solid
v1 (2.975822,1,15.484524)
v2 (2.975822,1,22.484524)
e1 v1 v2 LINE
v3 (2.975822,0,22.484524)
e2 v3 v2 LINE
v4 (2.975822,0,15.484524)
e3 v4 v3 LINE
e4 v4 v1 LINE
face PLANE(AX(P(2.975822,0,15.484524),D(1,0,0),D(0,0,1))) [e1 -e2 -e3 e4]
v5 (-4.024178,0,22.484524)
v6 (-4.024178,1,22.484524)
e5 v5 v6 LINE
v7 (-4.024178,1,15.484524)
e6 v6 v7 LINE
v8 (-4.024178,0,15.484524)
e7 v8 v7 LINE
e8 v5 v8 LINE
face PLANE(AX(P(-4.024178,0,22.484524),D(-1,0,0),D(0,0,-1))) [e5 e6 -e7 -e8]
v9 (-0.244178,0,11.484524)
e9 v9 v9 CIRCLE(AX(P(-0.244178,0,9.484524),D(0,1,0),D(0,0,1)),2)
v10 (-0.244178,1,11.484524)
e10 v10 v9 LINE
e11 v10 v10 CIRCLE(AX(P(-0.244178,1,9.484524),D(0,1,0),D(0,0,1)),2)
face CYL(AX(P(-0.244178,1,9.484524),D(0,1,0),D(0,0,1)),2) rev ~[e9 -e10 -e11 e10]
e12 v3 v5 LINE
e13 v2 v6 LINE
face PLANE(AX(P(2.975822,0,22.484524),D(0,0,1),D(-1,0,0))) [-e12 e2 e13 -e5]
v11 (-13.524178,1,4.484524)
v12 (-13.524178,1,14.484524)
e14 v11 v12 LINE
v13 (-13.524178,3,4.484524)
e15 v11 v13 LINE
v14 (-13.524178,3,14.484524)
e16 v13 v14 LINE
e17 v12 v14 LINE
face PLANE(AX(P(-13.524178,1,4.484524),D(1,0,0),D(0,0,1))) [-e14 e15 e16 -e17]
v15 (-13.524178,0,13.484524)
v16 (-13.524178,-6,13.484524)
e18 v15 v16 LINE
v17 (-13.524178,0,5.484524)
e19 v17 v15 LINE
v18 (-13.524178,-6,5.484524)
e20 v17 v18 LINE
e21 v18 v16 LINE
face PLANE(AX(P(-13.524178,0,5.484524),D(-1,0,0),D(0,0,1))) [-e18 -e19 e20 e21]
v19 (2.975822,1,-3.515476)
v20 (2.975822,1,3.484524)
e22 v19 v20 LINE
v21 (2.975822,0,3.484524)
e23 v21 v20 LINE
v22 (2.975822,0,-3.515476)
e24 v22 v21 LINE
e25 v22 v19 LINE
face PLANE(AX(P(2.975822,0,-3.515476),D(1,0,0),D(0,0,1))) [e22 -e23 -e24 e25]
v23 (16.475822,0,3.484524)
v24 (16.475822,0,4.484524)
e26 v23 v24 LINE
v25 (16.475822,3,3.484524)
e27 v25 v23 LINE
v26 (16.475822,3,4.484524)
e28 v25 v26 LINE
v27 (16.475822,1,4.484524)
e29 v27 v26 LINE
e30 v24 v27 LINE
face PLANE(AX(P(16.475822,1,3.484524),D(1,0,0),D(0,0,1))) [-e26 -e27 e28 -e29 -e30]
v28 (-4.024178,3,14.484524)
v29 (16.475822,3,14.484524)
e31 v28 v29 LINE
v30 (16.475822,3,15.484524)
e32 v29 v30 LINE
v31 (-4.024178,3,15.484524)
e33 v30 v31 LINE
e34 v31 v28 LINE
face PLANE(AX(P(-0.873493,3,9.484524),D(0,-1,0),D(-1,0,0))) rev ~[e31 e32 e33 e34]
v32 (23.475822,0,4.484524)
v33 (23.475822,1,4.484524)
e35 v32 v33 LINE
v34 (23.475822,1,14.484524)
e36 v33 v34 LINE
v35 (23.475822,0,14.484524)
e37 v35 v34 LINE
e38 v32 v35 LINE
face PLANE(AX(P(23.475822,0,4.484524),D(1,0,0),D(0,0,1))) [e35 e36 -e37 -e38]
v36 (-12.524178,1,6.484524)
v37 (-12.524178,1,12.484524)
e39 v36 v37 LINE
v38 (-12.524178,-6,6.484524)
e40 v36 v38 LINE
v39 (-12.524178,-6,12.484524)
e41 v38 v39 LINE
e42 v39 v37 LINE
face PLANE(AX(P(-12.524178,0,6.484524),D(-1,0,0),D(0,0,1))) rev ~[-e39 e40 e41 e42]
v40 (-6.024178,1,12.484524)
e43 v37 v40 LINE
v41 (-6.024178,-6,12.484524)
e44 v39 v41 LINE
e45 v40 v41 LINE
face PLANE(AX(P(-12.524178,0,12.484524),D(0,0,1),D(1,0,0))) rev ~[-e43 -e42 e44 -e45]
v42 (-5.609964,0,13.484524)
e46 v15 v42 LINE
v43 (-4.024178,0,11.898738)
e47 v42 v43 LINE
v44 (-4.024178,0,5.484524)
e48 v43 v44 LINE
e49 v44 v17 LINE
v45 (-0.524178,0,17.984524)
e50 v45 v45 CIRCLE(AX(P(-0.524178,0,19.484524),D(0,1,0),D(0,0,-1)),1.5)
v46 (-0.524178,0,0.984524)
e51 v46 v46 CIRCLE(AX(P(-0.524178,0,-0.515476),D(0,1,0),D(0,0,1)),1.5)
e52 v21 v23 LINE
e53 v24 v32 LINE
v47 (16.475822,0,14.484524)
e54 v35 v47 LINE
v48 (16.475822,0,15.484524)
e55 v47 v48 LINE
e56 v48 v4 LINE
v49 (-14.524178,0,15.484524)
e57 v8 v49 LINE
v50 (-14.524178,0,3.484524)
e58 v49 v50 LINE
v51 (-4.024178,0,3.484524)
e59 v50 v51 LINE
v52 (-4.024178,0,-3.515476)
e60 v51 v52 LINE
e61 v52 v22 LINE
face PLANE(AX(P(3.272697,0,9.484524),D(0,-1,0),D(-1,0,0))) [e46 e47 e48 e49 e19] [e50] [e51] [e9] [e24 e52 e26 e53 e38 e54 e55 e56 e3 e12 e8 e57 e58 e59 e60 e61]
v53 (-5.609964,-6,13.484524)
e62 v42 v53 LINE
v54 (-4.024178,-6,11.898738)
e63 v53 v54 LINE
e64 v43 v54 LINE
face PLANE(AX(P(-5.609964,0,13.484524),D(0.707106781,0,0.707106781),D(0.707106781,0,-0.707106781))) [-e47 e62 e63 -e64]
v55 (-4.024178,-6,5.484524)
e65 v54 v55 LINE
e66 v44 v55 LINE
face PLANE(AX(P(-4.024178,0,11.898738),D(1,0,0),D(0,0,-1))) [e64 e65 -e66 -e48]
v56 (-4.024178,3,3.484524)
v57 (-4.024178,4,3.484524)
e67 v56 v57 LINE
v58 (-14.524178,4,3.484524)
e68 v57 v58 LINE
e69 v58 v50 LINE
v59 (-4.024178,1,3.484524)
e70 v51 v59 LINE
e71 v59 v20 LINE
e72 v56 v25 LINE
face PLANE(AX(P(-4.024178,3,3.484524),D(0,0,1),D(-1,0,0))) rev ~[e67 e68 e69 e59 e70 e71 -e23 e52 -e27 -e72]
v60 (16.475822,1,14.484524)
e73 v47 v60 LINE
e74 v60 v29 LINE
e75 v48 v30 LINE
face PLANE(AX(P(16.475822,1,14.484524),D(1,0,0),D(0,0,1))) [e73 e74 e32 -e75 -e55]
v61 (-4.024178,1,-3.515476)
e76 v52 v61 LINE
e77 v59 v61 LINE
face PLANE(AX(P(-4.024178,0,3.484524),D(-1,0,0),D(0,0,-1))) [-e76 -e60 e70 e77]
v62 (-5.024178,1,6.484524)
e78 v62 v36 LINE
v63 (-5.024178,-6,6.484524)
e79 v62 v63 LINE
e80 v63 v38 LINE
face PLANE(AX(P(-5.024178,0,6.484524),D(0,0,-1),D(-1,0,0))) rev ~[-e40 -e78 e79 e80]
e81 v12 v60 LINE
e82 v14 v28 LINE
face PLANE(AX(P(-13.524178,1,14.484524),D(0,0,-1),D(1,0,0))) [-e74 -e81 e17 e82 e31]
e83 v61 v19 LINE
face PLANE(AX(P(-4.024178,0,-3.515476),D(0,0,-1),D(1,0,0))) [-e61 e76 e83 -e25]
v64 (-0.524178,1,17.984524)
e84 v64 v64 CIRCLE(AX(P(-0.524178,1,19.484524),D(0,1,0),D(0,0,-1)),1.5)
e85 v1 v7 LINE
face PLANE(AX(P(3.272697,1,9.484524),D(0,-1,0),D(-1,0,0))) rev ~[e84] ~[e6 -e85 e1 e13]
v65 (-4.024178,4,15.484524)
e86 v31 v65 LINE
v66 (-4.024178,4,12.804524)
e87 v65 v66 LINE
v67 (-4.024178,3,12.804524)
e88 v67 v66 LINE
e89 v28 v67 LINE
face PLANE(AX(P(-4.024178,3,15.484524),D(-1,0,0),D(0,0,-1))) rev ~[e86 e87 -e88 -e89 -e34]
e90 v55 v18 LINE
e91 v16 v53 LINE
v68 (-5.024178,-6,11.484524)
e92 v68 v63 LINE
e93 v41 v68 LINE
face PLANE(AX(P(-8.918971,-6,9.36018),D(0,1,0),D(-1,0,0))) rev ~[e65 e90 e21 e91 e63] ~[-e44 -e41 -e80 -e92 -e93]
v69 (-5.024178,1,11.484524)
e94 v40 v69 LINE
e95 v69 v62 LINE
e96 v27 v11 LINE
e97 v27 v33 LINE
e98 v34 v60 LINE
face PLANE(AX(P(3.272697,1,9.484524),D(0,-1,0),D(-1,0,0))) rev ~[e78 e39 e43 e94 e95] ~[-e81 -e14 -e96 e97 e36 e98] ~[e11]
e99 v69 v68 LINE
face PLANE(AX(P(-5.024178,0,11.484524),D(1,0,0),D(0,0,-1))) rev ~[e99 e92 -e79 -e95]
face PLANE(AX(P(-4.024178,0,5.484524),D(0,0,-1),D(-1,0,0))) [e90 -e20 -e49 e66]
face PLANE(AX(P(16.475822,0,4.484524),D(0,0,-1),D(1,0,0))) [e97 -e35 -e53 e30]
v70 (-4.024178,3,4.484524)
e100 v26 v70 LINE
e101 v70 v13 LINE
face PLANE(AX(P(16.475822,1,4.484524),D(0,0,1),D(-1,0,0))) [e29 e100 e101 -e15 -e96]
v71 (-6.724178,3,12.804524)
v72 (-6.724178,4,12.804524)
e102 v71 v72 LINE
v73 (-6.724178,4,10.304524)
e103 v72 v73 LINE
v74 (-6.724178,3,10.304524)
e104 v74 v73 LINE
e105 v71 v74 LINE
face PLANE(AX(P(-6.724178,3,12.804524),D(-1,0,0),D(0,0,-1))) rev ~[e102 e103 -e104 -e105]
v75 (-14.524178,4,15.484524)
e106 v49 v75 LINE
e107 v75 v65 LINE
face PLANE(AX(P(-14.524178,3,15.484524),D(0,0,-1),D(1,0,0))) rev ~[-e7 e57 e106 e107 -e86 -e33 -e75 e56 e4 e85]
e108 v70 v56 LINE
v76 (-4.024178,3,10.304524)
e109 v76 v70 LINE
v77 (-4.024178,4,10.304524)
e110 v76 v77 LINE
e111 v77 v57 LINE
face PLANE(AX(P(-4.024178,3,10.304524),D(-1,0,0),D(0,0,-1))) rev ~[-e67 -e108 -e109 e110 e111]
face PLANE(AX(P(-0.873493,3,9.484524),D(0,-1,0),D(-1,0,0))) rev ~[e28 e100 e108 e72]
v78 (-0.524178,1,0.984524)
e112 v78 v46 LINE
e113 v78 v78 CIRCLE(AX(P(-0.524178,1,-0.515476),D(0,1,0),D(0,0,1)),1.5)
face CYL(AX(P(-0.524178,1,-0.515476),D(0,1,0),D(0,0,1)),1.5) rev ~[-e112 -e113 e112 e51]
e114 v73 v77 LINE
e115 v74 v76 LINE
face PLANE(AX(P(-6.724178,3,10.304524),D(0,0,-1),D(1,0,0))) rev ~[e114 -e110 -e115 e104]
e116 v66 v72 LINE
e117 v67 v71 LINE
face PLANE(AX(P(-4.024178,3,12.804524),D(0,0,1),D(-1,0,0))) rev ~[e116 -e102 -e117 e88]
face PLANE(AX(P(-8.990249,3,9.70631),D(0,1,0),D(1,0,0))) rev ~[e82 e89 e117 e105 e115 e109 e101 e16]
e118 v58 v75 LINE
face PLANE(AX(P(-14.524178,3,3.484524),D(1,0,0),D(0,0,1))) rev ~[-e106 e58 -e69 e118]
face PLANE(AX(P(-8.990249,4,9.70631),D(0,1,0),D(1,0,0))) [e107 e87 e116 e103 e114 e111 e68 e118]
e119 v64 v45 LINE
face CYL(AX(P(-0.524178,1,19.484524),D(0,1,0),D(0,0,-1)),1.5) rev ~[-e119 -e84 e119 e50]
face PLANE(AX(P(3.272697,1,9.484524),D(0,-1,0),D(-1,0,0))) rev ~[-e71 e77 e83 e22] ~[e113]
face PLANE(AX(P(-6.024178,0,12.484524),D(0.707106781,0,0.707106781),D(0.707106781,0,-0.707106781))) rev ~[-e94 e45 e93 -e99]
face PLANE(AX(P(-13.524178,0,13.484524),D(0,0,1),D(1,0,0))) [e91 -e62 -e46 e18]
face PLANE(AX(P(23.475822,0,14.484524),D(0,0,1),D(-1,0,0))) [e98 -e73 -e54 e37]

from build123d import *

# Parameters (mm, degrees)
EXTRUDE_1_DEPTH     = 1
EXTRUDE_2_DEPTH     = 6
SKETCH_3_R          = 2
CUT_EXTRUDE_1_DEPTH = 1
EXTRUDE_3_DEPTH     = 2
EXTRUDE_4_DEPTH     = 1
SKETCH_6_R          = 1.5
CUT_EXTRUDE_2_DEPTH = 1


with BuildPart() as part:
    # 草图1 → 凸台-拉伸1 (new body)
    with BuildSketch(Plane(origin=(0, 0, 0), x_dir=(1, 0, 0), z_dir=(0, 1, 0))):
        Polygon((23.47582205, -4.484524381), (23.47582205, -14.484524381), (16.47582205, -14.484524381), (16.47582205, -15.484524381), (2.97582205, -15.484524381), (2.97582205, -22.484524381), (-4.02417795, -22.484524381), (-4.02417795, -15.484524381), (-14.52417795, -15.484524381), (-14.52417795, -3.484524381), (-4.02417795, -3.484524381), (-4.02417795, 3.515475619), (2.97582205, 3.515475619), (2.97582205, -3.484524381), (16.47582205, -3.484524381), (16.47582205, -4.484524381), align=None)
        Polygon((-12.52417795, -6.484524381), (-12.52417795, -12.484524381), (-6.02417795, -12.484524381), (-5.02417795, -11.484524381), (-5.02417795, -6.484524381), align=None, mode=Mode.SUBTRACT)
    extrude(amount=EXTRUDE_1_DEPTH)

    # 草图2 → 凸台-拉伸2 (add)
    with BuildSketch(Plane.XZ):
        Polygon((-13.52417795, 5.484524381), (-13.52417795, 13.484524381), (-5.609964387, 13.484524381), (-4.02417795, 11.898737944), (-4.02417795, 5.484524381), align=None)
        Polygon((-12.52417795, 12.484524381), (-6.02417795, 12.484524381), (-5.02417795, 11.484524381), (-5.02417795, 6.484524381), (-12.52417795, 6.484524381), align=None, mode=Mode.SUBTRACT)
    extrude(amount=EXTRUDE_2_DEPTH)

    # 草图3 → 切除-拉伸1 (cut)
    with BuildSketch(Plane(origin=(0, 1, 0), x_dir=(1, 0, 0), z_dir=(0, 1, 0))):
        with Locations(Location((-0.24417795, -9.484524381, 0), (0, 0, 270))):
            Circle(SKETCH_3_R)
    extrude(amount=-CUT_EXTRUDE_1_DEPTH, mode=Mode.SUBTRACT)

    # 草图4 → 凸台-拉伸3 (add)
    with BuildSketch(Plane(origin=(0, 1, 0), x_dir=(1, 0, 0), z_dir=(0, 1, 0))):
        Polygon((-14.52417795, -3.484524381), (16.47582205, -3.484524381), (16.47582205, -4.484524381), (-13.52417795, -4.484524381), (-13.52417795, -14.484524381), (16.47582205, -14.484524381), (16.47582205, -15.484524381), (-14.52417795, -15.484524381), align=None)
    extrude(amount=EXTRUDE_3_DEPTH)

    # 草图5 → 凸台-拉伸4 (add)
    with BuildSketch(Plane(origin=(0, 3, 0), x_dir=(1, 0, 0), z_dir=(0, 1, 0))):
        Polygon((-14.52417795, -3.484524381), (-14.52417795, -15.484524381), (-4.02417795, -15.484524381), (-4.02417795, -12.804524381), (-6.72417795, -12.804524381), (-6.72417795, -10.304524381), (-4.02417795, -10.304524381), (-4.02417795, -3.484524381), align=None)
    extrude(amount=EXTRUDE_4_DEPTH)

    # 草图6 → 切除-拉伸2 (cut)
    with BuildSketch(Plane(origin=(0, 1, 0), x_dir=(1, 0, 0), z_dir=(0, 1, 0))):
        with Locations(Location((-0.52417795, 0.515475619, 0), (0, 0, 270))):
            Circle(SKETCH_6_R)
        with Locations(Location((-0.52417795, -19.484524381, 0), (0, 0, 90))):
            Circle(SKETCH_6_R)
    extrude(amount=-CUT_EXTRUDE_2_DEPTH, mode=Mode.SUBTRACT)


solid = part.part
